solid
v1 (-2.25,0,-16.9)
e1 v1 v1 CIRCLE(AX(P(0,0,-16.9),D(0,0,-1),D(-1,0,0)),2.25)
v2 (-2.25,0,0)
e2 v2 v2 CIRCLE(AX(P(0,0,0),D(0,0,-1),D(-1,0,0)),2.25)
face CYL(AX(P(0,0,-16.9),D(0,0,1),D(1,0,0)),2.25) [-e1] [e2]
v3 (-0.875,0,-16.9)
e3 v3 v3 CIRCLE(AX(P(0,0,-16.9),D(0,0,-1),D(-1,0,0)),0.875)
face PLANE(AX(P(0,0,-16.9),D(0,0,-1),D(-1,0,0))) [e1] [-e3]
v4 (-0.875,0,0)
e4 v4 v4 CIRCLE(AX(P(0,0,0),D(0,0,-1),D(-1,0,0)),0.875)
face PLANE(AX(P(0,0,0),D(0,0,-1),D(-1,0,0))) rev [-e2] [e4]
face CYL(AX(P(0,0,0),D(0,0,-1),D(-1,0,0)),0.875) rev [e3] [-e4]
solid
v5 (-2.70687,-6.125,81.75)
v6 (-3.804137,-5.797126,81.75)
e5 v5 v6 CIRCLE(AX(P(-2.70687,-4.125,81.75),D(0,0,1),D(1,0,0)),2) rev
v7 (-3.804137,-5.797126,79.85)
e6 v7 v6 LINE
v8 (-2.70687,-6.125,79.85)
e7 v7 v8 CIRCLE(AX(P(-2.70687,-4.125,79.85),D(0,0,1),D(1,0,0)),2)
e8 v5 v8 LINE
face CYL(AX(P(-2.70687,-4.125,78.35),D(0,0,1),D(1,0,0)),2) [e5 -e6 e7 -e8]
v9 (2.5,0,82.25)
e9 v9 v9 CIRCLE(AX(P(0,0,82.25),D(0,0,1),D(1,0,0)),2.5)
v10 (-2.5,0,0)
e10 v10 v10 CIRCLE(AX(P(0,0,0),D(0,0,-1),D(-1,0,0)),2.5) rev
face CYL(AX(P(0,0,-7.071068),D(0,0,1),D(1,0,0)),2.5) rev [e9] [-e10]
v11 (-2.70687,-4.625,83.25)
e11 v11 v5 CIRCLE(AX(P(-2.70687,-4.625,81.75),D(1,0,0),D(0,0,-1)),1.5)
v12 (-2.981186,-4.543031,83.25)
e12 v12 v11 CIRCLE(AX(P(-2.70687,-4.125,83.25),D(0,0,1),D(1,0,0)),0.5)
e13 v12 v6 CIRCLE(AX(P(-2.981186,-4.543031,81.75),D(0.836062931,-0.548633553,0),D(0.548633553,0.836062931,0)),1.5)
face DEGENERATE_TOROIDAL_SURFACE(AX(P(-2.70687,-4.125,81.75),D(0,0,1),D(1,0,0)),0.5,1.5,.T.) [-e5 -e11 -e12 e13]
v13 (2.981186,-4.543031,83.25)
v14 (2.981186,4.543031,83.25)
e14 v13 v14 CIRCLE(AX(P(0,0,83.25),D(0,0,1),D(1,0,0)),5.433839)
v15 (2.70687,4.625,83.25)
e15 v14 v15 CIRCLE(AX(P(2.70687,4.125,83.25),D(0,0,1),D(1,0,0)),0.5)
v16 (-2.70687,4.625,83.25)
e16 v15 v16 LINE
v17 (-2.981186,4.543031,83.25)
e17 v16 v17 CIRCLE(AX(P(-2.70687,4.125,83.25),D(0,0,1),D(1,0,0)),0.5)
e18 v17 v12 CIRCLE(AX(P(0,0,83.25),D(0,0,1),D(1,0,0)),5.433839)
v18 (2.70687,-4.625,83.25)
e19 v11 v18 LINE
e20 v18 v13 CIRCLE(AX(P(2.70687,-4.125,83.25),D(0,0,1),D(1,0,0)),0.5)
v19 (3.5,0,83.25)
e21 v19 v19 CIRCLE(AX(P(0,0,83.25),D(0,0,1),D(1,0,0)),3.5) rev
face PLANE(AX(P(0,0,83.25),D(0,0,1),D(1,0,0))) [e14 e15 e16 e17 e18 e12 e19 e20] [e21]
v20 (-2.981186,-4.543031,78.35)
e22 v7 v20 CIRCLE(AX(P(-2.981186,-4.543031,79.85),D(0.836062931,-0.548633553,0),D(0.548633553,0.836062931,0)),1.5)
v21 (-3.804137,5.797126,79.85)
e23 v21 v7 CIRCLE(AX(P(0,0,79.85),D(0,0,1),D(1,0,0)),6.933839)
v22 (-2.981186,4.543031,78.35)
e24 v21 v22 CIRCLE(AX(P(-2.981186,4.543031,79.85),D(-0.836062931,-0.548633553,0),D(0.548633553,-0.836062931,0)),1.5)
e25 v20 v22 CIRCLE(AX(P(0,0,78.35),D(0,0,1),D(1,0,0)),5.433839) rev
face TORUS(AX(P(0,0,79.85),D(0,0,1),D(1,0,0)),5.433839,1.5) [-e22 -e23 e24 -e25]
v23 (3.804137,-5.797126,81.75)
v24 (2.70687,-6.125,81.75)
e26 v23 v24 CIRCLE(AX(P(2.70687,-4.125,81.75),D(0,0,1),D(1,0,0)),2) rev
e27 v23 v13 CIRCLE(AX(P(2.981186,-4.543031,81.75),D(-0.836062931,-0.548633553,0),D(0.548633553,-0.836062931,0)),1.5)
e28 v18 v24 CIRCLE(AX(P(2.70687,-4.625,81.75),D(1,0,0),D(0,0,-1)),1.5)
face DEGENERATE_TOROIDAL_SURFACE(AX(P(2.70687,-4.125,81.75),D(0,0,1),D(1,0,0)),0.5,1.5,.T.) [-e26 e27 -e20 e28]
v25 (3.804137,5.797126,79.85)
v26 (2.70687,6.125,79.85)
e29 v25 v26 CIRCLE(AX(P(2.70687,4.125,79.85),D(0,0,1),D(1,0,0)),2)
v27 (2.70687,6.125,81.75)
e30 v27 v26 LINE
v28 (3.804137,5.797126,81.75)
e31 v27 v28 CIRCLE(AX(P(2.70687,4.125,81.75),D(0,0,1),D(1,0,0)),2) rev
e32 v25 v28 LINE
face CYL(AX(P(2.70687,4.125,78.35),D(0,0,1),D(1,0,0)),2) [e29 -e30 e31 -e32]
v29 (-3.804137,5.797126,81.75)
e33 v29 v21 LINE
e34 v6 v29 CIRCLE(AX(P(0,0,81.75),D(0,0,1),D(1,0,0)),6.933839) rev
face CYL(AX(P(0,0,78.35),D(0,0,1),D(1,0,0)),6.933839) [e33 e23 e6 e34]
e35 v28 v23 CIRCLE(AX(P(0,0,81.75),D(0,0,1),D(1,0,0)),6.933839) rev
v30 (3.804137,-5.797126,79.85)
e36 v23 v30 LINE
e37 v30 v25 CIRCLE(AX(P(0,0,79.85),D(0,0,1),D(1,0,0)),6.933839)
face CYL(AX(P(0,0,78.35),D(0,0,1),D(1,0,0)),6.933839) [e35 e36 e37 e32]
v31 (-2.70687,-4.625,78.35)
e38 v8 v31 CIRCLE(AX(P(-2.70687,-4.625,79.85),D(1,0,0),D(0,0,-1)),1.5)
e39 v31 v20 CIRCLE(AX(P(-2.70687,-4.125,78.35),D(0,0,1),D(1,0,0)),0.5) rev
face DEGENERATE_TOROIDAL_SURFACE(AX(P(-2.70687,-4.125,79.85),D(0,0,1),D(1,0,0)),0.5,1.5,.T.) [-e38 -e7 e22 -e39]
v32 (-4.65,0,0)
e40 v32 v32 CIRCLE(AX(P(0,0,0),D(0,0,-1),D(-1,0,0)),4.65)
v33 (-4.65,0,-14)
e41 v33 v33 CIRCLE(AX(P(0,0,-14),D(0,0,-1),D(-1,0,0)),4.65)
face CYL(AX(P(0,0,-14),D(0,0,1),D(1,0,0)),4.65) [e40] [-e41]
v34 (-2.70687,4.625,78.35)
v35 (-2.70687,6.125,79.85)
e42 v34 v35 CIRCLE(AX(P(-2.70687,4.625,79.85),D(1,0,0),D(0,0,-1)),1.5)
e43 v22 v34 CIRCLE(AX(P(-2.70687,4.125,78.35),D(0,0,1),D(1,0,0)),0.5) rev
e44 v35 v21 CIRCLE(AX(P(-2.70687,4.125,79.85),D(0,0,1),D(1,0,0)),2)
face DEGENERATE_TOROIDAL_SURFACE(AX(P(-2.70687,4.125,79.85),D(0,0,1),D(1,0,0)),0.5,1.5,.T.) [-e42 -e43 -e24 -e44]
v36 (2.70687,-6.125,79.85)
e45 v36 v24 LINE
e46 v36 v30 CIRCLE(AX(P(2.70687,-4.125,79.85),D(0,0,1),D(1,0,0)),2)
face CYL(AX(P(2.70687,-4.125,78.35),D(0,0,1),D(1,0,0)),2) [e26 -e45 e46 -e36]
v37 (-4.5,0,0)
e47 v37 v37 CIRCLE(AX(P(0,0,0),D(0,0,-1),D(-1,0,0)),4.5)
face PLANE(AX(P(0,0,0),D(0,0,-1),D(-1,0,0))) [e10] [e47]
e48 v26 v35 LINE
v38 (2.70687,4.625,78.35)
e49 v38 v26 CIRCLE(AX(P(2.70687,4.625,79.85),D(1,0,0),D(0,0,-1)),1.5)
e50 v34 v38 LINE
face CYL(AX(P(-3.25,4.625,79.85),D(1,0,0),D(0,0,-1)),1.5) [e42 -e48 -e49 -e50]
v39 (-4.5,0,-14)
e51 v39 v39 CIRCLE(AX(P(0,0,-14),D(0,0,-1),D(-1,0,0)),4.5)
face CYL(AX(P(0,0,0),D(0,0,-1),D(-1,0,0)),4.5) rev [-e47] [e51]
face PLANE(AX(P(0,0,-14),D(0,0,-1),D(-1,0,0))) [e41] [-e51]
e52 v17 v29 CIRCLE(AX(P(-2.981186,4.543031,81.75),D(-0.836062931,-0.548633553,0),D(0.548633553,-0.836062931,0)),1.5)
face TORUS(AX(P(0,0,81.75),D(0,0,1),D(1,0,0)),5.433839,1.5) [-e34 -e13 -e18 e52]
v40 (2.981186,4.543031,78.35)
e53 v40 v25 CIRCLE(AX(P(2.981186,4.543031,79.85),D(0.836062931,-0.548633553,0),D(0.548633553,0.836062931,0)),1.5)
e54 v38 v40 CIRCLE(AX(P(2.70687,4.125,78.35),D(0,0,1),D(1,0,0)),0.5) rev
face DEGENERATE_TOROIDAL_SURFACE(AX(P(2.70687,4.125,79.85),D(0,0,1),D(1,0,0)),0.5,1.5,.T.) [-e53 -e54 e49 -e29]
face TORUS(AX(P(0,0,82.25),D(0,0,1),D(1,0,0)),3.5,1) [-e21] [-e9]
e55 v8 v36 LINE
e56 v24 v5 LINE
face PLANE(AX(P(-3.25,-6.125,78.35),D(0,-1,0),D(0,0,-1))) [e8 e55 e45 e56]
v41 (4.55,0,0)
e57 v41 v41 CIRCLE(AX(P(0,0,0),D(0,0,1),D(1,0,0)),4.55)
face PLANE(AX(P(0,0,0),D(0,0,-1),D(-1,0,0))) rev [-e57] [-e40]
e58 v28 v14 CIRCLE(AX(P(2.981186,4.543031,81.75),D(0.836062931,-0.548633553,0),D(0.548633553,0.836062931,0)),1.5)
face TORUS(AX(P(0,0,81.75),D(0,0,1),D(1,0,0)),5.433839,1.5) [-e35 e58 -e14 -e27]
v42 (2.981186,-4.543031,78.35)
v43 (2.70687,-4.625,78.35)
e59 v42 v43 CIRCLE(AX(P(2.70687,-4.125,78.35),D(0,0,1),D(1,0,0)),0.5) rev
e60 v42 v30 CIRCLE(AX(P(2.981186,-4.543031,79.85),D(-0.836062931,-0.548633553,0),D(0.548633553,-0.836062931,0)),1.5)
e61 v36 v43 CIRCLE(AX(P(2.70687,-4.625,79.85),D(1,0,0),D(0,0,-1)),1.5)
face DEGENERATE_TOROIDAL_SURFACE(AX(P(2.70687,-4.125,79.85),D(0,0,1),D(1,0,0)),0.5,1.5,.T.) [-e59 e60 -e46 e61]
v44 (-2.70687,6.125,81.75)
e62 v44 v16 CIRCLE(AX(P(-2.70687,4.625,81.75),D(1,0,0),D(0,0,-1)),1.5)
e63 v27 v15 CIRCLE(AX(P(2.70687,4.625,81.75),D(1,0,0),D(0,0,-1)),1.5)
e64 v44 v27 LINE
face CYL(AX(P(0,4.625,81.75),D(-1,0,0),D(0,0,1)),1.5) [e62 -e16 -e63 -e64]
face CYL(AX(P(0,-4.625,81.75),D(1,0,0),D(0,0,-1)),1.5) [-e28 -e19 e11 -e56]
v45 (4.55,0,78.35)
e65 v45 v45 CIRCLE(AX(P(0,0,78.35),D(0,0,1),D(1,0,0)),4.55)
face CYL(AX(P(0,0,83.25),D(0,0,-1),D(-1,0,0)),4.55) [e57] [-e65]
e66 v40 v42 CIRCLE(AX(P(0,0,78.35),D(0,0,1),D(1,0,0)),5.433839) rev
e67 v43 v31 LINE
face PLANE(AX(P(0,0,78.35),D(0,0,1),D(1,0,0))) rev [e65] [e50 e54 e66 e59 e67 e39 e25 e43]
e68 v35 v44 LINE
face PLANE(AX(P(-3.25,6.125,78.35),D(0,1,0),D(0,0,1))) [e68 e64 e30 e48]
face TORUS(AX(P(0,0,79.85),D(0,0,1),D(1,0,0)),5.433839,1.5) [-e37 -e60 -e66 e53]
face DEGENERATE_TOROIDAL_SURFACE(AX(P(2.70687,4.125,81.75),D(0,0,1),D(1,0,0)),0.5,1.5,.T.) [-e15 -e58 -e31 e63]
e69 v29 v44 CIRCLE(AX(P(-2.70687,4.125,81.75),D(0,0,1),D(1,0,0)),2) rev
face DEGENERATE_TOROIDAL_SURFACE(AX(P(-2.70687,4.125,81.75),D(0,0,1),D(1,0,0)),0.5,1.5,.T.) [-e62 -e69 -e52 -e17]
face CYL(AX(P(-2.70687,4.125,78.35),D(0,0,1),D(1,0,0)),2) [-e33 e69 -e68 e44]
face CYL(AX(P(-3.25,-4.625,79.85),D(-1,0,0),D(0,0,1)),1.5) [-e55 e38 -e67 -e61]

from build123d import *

# Parameters (mm, degrees)
SKETCH1_R           = 4.55
BOSS_EXTRUDE1_DEPTH = 83.25
BOSS_EXTRUDE2_DEPTH = 4.9
SKETCH3_R           = 4.65
BOSS_EXTRUDE3_DEPTH = 14
SKETCH4_R           = 4.5
CUT_EXTRUDE1_DEPTH  = 14
SKETCH5_R           = 2.25
BOSS_EXTRUDE4_DEPTH = 16.9
SKETCH6_R           = 0.875
CUT_EXTRUDE2_DEPTH  = 16.9
SKETCH7_R           = 2.5
CUT_EXTRUDE3_DEPTH  = 83.25
FILLET4_R           = 2
FILLET5_R           = 1.5
FILLET6_R           = 1.5
FILLET7_R           = 1


with BuildPart() as part:
    # Sketch1 → Boss-Extrude1 (new body)
    with BuildSketch(Plane.XY):
        Circle(SKETCH1_R)
    extrude(amount=BOSS_EXTRUDE1_DEPTH)

    # Sketch2 → Boss-Extrude2 (add)
    with BuildSketch(Plane.XY.offset(83.25)):
        with BuildLine():
            Line((-3.25, 6.125), (3.25, 6.125))
            ThreePointArc((3.25, 6.125), (6.933839124, 0), (3.25, -6.125))
            Line((3.25, -6.125), (-3.25, -6.125))
            ThreePointArc((-3.25, -6.125), (-6.933839124, 0), (-3.25, 6.125))
        make_face()
    extrude(amount=-BOSS_EXTRUDE2_DEPTH)

    # Sketch3 → Boss-Extrude3 (add)
    with BuildSketch(Plane(origin=(0, 0, 0), x_dir=(-1, 0, 0), z_dir=(0, 0, -1))):
        Circle(SKETCH3_R)
    extrude(amount=BOSS_EXTRUDE3_DEPTH)

    # Sketch4 → Cut-Extrude1 (cut)
    with BuildSketch(Plane(origin=(0, 0, -14), x_dir=(-1, 0, 0), z_dir=(0, 0, -1))):
        Circle(SKETCH4_R)
    extrude(amount=-CUT_EXTRUDE1_DEPTH, mode=Mode.SUBTRACT)

    # Sketch5 → Boss-Extrude4 (add)
    with BuildSketch(Plane(origin=(0, 0, 0), x_dir=(-1, 0, 0), z_dir=(0, 0, -1))):
        Circle(SKETCH5_R)
    extrude(amount=BOSS_EXTRUDE4_DEPTH)

    # Sketch6 → Cut-Extrude2 (cut)
    with BuildSketch(Plane(origin=(0, 0, -16.9), x_dir=(-1, 0, 0), z_dir=(0, 0, -1))):
        Circle(SKETCH6_R)
    extrude(amount=-CUT_EXTRUDE2_DEPTH, mode=Mode.SUBTRACT)

    # Sketch7 → Cut-Extrude3 (cut)
    with BuildSketch(Plane.XY.offset(83.25)):
        Circle(SKETCH7_R)
    extrude(amount=-CUT_EXTRUDE3_DEPTH, mode=Mode.SUBTRACT)


with BuildPart() as cut_extrude3_piece_1:
    # of the separate pieces the step leaves, piece 1, a body of its own (cut_extrude3_pieces)
    add(part.part.solids().sort_by_distance((-4.65, 0, 0))[0])

    # Fillet4
    fillet4_edges = [cut_extrude3_piece_1.edges().sort_by_distance(p)[0] for p in [
        (-3.25, -6.125, 80.8),
        (-3.25, 6.125, 80.8),
        (3.25, 6.125, 80.8),
        (3.25, -6.125, 80.8),
    ]]
    fillet(fillet4_edges, radius=FILLET4_R)

    # Fillet5
    fillet5_edges = [cut_extrude3_piece_1.edges().sort_by_distance(p)[0] for p in [
        (-6.933839124, 0, 83.25),
        (0, -6.125, 83.25),
        (6.933839124, 0, 83.25),
        (0, 6.125, 83.25),
        (-3.279472637, 6.041279171, 83.25),
        (3.279472637, 6.041279171, 83.25),
        (3.279472637, -6.041279171, 83.25),
        (-3.279472637, -6.041279171, 83.25),
    ]]
    fillet(fillet5_edges, radius=FILLET5_R)

    # Fillet6
    fillet6_edges = [cut_extrude3_piece_1.edges().sort_by_distance(p)[0] for p in [
        (-6.933839124, 0, 78.35),
        (0, -6.125, 78.35),
        (0, 6.125, 78.35),
        (6.933839124, 0, 78.35),
        (-3.279472637, 6.041279171, 78.35),
        (3.279472637, 6.041279171, 78.35),
        (3.279472637, -6.041279171, 78.35),
        (-3.279472637, -6.041279171, 78.35),
    ]]
    fillet(fillet6_edges, radius=FILLET6_R)

    # Fillet7
    fillet7_edges = [cut_extrude3_piece_1.edges().sort_by_distance(p)[0] for p in [
        (-2.5, 0, 83.25),
    ]]
    fillet(fillet7_edges, radius=FILLET7_R)


with BuildPart() as cut_extrude3_piece_2:
    # of the separate pieces the step leaves, piece 2, a body of its own (cut_extrude3_pieces)
    add(part.part.solids().sort_by_distance((-2.25, 0, 0))[0])


solid = Compound([cut_extrude3_piece_1.part, cut_extrude3_piece_2.part])
